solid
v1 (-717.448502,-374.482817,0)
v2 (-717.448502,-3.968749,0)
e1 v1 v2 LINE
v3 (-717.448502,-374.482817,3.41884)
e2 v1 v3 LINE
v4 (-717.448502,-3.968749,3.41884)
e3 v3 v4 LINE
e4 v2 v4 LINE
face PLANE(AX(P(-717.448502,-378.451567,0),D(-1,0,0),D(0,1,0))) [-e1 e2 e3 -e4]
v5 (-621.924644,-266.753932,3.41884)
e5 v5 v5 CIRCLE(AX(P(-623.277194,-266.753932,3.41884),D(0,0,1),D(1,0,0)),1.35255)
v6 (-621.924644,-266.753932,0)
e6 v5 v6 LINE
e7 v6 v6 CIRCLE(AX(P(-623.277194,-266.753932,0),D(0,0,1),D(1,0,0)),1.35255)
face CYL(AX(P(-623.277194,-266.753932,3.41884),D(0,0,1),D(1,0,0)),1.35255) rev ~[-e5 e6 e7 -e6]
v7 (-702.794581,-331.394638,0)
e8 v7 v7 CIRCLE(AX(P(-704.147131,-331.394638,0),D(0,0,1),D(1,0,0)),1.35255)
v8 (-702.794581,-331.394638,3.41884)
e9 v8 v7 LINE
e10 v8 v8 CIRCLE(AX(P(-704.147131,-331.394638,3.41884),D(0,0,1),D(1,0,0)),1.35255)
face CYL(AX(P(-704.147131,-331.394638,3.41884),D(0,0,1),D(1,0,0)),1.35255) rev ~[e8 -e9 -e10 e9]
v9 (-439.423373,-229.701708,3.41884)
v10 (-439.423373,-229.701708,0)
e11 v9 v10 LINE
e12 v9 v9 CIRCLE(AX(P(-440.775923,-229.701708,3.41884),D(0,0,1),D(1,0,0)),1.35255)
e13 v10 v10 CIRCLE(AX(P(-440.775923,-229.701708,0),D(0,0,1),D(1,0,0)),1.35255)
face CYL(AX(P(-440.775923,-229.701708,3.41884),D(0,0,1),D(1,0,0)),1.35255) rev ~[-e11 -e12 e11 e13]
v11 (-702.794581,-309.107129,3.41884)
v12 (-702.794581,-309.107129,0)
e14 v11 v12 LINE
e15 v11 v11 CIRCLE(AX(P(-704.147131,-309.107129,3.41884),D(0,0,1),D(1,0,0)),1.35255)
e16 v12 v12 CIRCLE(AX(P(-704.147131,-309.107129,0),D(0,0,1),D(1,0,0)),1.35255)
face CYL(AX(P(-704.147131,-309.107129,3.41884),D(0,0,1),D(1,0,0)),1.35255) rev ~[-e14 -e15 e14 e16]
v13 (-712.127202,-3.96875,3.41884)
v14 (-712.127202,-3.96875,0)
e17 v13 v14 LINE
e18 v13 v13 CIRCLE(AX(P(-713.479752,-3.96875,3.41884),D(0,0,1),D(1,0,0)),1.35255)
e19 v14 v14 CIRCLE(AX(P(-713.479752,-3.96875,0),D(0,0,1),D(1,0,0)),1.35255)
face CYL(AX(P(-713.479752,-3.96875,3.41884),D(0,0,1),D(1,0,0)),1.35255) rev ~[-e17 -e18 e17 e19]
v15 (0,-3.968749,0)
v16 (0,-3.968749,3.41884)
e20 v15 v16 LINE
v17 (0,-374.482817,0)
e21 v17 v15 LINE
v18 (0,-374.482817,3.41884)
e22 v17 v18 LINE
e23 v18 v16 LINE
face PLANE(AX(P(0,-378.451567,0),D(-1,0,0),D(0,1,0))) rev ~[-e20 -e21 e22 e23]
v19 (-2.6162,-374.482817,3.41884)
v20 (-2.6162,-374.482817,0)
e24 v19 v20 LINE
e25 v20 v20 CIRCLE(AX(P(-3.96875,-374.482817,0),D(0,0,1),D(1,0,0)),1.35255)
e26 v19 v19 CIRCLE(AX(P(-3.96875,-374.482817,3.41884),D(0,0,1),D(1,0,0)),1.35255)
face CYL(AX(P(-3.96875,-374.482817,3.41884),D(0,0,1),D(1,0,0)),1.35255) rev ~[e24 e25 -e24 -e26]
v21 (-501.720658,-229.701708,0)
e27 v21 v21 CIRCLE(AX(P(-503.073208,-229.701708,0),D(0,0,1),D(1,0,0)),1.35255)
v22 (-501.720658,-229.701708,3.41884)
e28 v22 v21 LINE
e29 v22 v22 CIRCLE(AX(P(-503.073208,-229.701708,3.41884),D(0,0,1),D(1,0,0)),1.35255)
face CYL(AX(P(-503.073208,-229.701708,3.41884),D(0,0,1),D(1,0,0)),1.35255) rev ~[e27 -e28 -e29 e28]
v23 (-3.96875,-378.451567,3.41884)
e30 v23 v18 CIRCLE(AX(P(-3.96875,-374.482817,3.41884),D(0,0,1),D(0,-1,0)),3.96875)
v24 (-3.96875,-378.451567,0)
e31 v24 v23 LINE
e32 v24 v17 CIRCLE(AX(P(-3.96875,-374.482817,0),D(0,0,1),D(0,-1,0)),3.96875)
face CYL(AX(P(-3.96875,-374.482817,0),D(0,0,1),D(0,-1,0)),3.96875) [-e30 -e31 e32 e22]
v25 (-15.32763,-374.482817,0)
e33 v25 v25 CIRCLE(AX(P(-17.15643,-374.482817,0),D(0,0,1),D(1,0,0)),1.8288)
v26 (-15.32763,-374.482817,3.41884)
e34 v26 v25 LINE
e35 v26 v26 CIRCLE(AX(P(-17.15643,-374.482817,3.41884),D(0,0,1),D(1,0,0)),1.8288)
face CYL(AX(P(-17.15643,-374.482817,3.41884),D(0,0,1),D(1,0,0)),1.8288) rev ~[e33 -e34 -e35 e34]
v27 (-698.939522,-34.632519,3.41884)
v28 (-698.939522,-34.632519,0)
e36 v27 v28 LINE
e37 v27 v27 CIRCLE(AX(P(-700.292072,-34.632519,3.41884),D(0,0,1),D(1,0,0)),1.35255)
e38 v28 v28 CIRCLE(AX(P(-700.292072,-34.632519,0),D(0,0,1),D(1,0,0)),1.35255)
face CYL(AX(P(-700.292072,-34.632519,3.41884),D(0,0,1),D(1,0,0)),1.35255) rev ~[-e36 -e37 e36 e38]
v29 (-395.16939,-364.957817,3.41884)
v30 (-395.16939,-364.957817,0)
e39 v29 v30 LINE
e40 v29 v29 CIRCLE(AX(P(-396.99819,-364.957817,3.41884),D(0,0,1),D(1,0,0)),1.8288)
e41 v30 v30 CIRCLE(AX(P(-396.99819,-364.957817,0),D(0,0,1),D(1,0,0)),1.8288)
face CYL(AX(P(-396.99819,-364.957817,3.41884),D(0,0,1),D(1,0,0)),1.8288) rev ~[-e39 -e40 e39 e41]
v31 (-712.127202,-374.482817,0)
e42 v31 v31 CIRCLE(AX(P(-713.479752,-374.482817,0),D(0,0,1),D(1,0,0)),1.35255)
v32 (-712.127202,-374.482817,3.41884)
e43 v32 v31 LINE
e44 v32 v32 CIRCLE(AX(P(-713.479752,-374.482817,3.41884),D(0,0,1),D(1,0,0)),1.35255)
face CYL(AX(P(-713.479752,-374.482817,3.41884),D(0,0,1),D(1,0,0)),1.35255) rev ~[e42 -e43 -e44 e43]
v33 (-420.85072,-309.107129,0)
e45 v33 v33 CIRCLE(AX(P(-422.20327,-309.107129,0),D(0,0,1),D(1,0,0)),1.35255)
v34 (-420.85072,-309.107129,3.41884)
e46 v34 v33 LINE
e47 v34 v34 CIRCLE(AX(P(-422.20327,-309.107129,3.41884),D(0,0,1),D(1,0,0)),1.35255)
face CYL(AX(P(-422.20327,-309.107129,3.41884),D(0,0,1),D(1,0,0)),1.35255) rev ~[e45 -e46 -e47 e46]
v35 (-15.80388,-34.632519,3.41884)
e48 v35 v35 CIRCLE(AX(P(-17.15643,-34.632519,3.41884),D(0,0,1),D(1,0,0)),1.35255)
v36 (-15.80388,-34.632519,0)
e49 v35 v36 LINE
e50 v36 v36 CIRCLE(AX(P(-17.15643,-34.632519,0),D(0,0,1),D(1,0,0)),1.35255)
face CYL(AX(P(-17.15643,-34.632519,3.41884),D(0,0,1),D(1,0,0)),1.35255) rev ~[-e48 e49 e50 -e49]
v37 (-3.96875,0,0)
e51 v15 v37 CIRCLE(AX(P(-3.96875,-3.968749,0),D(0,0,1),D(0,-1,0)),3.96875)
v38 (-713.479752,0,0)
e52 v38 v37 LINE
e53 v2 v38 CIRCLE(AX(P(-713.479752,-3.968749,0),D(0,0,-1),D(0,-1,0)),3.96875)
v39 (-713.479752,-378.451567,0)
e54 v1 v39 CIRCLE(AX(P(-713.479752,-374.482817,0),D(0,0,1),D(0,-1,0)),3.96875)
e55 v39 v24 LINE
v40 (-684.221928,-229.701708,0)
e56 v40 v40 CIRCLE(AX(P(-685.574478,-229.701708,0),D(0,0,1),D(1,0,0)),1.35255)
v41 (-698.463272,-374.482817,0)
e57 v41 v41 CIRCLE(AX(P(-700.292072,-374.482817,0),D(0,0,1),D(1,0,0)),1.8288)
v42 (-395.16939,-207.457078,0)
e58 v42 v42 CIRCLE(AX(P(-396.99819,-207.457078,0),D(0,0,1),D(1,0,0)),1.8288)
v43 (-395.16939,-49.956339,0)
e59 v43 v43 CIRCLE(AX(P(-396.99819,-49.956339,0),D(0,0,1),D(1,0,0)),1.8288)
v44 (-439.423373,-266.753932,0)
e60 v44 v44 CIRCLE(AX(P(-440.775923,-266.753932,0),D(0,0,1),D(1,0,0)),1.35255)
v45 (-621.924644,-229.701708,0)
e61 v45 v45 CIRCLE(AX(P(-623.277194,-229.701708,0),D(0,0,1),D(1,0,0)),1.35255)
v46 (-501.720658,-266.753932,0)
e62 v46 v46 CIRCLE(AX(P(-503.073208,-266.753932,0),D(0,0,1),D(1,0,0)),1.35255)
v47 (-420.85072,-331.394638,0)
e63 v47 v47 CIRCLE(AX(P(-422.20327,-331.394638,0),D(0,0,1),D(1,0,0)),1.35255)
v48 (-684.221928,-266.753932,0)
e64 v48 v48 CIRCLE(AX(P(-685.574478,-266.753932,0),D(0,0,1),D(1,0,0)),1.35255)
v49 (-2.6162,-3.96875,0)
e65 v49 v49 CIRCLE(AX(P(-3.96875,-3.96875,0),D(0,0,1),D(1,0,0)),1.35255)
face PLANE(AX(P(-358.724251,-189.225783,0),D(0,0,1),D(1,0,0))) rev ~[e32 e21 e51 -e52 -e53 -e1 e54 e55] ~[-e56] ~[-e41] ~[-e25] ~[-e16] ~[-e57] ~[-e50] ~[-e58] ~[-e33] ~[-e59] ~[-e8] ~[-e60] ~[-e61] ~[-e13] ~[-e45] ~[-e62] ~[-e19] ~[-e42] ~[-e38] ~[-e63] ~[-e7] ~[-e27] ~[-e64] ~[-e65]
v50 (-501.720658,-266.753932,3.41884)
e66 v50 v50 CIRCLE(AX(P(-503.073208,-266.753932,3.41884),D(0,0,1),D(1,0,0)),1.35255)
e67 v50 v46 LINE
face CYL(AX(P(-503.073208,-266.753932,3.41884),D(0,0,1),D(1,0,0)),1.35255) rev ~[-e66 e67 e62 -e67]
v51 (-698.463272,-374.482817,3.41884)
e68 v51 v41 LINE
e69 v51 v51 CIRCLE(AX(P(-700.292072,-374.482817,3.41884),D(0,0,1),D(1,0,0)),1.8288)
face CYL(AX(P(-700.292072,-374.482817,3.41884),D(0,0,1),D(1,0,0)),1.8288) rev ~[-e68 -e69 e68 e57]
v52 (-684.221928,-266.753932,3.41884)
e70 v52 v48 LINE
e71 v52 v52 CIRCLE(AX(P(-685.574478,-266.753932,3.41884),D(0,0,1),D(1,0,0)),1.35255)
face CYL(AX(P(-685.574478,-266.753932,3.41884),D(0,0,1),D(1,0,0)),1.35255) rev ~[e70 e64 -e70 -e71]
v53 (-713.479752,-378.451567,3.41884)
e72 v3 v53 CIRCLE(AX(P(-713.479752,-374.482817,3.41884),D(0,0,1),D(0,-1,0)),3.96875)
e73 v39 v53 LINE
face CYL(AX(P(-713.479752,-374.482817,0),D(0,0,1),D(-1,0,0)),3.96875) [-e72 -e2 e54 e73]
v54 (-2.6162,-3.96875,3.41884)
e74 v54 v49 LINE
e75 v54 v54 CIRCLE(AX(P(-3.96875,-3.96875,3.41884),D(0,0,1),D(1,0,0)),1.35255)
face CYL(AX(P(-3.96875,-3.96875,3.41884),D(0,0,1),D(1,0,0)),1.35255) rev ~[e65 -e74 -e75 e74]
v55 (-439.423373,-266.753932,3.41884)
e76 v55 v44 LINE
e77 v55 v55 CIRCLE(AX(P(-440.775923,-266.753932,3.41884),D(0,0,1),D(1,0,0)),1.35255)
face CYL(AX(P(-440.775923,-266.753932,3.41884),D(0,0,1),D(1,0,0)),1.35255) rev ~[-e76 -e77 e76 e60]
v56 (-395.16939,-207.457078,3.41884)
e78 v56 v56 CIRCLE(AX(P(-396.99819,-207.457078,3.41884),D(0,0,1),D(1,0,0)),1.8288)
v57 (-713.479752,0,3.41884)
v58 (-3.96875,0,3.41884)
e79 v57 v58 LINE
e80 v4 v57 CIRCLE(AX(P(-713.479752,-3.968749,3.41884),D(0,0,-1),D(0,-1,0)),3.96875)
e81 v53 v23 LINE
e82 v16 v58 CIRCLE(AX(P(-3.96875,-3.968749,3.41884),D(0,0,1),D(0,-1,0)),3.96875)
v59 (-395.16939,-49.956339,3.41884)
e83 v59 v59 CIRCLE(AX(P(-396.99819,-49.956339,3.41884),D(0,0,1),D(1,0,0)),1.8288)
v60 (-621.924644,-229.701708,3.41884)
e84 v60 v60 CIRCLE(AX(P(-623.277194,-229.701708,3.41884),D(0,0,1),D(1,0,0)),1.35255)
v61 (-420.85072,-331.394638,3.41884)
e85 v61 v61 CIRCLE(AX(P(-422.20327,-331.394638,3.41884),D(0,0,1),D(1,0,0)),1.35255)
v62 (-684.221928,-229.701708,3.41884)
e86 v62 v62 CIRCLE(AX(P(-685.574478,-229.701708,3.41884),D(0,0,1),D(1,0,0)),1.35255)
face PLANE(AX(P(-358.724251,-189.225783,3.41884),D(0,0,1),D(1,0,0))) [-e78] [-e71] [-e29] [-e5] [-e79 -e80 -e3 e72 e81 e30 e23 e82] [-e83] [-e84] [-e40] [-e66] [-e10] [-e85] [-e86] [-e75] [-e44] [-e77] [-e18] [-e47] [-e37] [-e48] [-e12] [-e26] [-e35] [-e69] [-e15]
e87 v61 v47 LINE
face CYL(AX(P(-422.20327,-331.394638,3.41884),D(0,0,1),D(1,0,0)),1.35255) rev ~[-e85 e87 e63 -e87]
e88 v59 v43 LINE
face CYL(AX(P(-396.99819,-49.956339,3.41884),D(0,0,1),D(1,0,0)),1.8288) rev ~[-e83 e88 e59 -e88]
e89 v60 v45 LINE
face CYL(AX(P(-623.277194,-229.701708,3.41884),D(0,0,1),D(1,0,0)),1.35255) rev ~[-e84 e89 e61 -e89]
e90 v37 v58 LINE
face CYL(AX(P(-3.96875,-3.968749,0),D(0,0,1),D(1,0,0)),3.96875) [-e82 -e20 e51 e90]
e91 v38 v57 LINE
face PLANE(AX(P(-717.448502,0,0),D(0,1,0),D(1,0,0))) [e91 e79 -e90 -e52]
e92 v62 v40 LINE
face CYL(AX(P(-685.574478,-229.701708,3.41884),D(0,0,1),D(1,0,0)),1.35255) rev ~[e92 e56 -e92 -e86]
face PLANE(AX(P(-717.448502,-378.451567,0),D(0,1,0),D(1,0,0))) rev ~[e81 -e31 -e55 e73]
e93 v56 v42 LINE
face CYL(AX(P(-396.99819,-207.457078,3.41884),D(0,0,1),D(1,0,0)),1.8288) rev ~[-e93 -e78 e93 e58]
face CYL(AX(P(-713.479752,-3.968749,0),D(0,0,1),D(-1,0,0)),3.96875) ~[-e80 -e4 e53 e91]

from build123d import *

# Parameters (mm, degrees)
F0_W     = 717.448502
F0_H     = 378.451567
F1_DEPTH = 3.41884
F2_R     = 3.96875
F3_R     = 1.35255
F3_R_2   = 1.8288
F4_DEPTH = 3.41884


with BuildPart() as f1:
    # F0 (on Top) → F1 (new body)
    with BuildSketch(Plane.XY):
        with Locations((-358.724251, -189.225783)):
            Rectangle(F0_W, F0_H)
    extrude(amount=F1_DEPTH)

    # F2
    f2_edges = [f1.edges().sort_by_distance(p)[0] for p in [
        (-717.448502, 0, 1.70942),
        (-717.448502, -378.451567, 1.70942),
        (0, -378.451567, 1.70942),
        (0, 0, 1.70942),
    ]]
    fillet(f2_edges, radius=F2_R)

    # F3 (on face) → F4 (cut, through all)
    with BuildSketch(Plane.XY.offset(3.41884)):
        with Locations((-713.479752, -3.96875)):
            Circle(F3_R)
        with Locations((-3.96875, -3.96875)):
            Circle(F3_R)
        with Locations((-713.479752, -374.482817)):
            Circle(F3_R)
        with Locations((-3.96875, -374.482817)):
            Circle(F3_R)
        with Locations((-704.147131, -309.107129)):
            Circle(F3_R)
        with Locations((-704.147131, -331.394638)):
            Circle(F3_R)
        with Locations((-422.20327, -331.394638)):
            Circle(F3_R)
        with Locations((-422.20327, -309.107129)):
            Circle(F3_R)
        with Locations((-17.15643, -374.482817)):
            Circle(F3_R_2)
        with Locations((-700.292072, -374.482817)):
            Circle(F3_R_2)
        with Locations((-440.775923, -266.753932)):
            Circle(F3_R)
        with Locations((-440.775923, -229.701708)):
            Circle(F3_R)
        with Locations((-503.073208, -229.701708)):
            Circle(F3_R)
        with Locations((-503.073208, -266.753932)):
            Circle(F3_R)
        with Locations((-700.292072, -34.632519)):
            Circle(F3_R)
        with Locations((-17.15643, -34.632519)):
            Circle(F3_R)
        with Locations((-623.277194, -266.753932)):
            Circle(F3_R)
        with Locations((-623.277194, -229.701708)):
            Circle(F3_R)
        with Locations((-685.574478, -229.701708)):
            Circle(F3_R)
        with Locations((-685.574478, -266.753932)):
            Circle(F3_R)
        with Locations((-396.99819, -49.956339)):
            Circle(F3_R_2)
        with Locations((-396.99819, -364.957817)):
            Circle(F3_R_2)
        with Locations((-396.99819, -207.457078)):
            Circle(F3_R_2)
    extrude(amount=-F4_DEPTH, mode=Mode.SUBTRACT)


solid = f1.part
